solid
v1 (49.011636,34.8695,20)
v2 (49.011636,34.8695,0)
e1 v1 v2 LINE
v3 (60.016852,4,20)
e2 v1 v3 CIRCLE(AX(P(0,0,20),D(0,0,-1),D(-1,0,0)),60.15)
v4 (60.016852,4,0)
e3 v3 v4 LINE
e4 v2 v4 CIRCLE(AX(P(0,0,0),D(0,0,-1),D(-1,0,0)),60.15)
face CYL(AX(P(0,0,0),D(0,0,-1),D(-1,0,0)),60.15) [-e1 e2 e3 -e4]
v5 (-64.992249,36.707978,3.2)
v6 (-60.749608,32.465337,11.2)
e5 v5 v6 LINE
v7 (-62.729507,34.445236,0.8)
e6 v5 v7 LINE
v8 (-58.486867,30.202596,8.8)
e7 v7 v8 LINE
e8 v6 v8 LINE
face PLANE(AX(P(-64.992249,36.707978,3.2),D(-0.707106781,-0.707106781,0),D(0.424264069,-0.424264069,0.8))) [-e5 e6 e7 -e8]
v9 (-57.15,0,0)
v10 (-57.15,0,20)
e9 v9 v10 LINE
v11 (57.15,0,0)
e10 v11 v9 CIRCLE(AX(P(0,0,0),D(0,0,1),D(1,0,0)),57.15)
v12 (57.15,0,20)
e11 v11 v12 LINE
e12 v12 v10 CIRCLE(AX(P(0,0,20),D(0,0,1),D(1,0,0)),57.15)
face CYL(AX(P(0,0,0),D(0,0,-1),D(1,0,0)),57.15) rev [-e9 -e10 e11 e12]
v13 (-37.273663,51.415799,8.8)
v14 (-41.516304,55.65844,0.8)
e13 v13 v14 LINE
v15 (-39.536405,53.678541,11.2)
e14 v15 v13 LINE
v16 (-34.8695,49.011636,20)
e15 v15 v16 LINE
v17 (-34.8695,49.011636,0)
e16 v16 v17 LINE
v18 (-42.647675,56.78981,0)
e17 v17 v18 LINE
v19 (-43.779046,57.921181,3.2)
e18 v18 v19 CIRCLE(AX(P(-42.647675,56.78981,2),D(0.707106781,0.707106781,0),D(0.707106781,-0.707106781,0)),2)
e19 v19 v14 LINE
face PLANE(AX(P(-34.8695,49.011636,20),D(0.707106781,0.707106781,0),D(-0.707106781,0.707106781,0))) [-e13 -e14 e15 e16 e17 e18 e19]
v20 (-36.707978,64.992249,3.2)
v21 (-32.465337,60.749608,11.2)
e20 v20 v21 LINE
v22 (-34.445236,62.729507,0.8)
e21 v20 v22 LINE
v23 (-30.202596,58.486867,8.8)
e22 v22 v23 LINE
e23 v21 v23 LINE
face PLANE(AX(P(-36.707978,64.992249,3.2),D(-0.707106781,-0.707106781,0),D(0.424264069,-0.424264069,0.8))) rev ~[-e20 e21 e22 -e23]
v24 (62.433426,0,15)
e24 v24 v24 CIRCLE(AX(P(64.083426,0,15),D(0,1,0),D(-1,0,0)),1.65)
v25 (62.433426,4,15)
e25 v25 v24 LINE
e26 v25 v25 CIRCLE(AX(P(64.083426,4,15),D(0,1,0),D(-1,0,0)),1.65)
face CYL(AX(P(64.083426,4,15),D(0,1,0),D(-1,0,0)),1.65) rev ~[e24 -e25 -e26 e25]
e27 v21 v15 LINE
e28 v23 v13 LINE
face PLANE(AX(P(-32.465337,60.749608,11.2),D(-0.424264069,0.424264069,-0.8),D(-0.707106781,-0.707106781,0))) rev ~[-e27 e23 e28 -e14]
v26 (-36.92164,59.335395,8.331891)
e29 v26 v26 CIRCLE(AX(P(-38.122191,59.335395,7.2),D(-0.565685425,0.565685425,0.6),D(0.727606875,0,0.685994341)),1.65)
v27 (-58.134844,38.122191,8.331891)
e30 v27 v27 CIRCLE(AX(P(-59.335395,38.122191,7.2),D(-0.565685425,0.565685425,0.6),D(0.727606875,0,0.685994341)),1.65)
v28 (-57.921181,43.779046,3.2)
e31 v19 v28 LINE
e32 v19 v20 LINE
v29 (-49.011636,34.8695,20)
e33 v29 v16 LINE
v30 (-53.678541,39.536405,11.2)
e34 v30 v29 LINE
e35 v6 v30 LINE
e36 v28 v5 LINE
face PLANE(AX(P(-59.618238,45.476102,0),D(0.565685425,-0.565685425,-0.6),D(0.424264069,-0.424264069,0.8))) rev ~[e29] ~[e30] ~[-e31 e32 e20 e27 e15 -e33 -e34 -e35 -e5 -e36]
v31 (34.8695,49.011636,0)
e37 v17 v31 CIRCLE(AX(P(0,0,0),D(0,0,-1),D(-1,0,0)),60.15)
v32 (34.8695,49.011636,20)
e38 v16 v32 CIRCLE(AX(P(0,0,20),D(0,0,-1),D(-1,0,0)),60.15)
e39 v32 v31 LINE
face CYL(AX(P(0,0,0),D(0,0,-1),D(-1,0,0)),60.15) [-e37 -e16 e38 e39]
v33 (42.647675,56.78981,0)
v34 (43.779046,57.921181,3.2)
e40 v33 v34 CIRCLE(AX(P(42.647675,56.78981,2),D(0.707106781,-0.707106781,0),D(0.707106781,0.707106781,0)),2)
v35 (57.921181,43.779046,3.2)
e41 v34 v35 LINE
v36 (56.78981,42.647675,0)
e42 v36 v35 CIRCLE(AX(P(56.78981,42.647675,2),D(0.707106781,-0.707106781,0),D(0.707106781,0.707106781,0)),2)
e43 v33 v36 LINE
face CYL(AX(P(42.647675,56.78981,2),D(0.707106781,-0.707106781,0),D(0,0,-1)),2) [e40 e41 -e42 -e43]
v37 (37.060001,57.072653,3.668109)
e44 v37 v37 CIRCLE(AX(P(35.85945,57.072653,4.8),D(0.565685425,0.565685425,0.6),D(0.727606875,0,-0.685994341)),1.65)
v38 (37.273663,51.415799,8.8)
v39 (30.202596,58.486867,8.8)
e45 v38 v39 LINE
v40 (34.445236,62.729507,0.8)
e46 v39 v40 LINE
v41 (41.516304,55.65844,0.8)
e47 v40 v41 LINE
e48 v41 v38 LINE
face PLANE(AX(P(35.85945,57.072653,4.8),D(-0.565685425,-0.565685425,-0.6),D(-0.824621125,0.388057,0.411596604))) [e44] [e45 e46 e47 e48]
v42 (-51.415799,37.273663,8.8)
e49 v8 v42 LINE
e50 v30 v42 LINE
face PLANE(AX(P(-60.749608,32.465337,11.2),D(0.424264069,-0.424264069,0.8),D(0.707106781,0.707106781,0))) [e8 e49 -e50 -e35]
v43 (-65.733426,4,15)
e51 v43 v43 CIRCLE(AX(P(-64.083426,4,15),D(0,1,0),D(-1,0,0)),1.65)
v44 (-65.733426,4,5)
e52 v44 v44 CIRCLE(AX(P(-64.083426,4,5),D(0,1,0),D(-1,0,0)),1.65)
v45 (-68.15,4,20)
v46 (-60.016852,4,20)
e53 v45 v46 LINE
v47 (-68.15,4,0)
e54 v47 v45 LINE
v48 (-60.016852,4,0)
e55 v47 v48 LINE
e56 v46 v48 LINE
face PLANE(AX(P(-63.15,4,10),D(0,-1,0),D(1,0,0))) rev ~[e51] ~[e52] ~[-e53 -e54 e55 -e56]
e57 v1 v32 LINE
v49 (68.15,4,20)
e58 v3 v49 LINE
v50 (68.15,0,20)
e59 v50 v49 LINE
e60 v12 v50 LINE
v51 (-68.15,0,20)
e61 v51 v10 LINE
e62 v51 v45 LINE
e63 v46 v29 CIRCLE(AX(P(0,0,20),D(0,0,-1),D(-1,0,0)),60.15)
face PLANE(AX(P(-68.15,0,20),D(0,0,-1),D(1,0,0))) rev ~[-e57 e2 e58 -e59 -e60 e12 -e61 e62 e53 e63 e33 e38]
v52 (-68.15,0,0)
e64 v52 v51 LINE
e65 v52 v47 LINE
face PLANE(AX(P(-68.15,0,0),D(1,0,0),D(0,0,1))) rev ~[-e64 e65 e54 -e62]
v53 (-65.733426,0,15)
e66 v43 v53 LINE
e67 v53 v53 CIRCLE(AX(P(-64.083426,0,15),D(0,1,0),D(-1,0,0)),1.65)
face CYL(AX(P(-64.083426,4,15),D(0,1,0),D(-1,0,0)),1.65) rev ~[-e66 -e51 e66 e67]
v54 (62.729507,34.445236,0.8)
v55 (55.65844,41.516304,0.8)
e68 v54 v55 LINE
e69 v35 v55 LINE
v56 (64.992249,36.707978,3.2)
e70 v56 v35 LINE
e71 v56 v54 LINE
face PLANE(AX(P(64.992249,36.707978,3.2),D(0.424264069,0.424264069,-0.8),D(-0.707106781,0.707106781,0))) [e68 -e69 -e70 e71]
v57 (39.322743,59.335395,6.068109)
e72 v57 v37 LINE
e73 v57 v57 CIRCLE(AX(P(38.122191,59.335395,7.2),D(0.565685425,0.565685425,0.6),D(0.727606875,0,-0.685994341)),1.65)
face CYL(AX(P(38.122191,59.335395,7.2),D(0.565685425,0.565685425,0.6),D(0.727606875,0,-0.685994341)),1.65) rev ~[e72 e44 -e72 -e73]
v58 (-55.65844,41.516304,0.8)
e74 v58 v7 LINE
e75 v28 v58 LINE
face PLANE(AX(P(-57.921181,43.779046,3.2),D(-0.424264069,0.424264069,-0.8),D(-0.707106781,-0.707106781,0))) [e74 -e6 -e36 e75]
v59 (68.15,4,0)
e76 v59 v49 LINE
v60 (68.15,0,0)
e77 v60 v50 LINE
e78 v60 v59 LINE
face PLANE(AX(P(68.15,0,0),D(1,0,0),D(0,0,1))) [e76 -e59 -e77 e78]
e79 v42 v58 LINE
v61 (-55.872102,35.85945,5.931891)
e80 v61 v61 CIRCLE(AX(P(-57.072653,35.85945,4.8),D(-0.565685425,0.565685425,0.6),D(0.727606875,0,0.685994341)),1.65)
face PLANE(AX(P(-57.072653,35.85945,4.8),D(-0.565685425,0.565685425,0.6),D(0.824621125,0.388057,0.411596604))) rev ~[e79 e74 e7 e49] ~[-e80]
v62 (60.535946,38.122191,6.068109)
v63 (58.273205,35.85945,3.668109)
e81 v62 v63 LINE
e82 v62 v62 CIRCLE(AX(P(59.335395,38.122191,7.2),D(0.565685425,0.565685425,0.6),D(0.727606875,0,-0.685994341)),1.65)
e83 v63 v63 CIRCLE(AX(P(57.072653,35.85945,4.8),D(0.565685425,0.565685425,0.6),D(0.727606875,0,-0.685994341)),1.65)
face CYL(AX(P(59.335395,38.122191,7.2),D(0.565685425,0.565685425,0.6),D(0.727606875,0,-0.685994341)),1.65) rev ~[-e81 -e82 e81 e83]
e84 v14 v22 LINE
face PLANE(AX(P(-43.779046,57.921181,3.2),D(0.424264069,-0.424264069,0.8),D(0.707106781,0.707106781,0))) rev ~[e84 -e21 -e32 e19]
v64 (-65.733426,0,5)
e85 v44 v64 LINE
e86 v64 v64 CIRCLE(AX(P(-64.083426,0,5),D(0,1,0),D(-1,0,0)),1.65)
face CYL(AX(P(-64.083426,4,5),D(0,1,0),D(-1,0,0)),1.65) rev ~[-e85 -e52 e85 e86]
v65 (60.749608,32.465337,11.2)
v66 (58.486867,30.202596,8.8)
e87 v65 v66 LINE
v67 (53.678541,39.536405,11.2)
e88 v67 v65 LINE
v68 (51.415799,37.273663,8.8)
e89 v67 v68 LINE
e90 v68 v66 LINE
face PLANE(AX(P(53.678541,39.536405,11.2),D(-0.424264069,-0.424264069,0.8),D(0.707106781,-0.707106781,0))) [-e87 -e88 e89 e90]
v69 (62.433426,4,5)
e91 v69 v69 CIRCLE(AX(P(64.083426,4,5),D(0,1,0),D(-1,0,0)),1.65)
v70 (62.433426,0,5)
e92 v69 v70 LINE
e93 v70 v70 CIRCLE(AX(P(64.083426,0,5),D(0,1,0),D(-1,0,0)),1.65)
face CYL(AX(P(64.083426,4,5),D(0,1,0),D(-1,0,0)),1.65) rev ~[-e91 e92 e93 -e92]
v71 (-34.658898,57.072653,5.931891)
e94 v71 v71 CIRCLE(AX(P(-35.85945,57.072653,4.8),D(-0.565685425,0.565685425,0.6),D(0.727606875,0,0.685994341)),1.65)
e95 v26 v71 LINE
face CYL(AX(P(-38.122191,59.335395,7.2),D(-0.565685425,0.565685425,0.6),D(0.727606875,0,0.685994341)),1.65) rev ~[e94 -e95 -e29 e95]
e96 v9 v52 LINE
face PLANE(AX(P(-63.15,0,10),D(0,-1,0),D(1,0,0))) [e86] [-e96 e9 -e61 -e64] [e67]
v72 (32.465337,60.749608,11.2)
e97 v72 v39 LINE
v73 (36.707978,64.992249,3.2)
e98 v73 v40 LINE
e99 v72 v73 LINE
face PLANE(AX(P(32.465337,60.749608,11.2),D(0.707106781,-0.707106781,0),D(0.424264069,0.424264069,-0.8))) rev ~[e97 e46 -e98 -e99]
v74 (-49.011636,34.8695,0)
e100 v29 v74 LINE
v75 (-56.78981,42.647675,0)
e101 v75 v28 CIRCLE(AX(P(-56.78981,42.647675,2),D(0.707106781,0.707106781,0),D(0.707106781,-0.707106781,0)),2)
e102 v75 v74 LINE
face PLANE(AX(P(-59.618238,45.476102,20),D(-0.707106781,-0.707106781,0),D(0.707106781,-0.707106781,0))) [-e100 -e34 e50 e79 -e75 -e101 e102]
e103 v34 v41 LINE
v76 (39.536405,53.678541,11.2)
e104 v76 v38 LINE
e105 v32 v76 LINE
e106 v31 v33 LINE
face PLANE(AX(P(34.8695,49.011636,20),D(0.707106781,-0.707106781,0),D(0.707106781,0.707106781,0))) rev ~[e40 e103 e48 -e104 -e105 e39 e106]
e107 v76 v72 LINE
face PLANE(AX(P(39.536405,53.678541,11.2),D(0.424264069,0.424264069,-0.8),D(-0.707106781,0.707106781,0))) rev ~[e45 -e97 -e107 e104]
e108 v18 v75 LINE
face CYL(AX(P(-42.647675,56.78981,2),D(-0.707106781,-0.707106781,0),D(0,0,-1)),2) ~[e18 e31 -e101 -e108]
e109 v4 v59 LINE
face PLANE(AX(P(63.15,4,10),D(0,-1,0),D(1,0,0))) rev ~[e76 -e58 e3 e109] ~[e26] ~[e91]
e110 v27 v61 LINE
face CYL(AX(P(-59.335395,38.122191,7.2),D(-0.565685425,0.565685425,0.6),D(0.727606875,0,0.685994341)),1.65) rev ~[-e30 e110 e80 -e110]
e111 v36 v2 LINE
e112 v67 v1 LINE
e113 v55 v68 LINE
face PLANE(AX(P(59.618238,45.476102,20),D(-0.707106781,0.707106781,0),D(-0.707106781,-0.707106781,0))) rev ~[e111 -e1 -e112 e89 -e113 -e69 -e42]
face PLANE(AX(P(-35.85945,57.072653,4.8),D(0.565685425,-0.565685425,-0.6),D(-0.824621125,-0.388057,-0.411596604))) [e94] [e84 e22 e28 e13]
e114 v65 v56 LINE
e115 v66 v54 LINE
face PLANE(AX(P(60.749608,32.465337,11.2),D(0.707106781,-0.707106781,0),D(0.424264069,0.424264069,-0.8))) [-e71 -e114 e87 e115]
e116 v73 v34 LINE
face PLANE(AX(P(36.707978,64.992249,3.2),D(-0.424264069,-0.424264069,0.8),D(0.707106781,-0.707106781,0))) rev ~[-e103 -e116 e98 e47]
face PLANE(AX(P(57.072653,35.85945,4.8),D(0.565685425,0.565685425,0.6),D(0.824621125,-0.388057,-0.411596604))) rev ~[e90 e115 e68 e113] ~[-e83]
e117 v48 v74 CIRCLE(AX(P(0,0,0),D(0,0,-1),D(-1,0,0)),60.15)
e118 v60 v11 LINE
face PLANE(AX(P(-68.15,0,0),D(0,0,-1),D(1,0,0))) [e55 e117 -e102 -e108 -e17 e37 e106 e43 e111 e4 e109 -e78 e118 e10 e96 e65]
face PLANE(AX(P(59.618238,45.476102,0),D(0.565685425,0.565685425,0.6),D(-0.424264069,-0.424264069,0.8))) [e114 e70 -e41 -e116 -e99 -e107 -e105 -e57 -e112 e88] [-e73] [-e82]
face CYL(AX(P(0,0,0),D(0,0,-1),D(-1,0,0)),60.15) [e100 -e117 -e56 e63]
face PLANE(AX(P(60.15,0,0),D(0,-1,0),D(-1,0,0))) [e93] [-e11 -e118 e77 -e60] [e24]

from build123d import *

# Parameters (mm, degrees)
EXTRUDE_1_DEPTH     = 20
EXTRUDE_2_DEPTH     = 20
CUT_EXTRUDE_1_REACH = 99.146
CUT_EXTRUDE_2_REACH = 99.146
EXTRUDE_3_DEPTH     = 4
EXTRUDE_4_DEPTH     = 4
CUT_EXTRUDE_3_REACH = 112.135
SKETCH_8_R          = 1.65
FILLET_1_R          = 2
CUT_EXTRUDE_4_REACH = 112.135
SKETCH_9_R          = 1.65
SKETCH_10_W         = 10
SKETCH_10_H         = 20
EXTRUDE_5_DEPTH     = 4
CUT_EXTRUDE_5_REACH = 95.619
SKETCH_11_R         = 1.65


with BuildPart() as part:
    # ｽｹｯﾁ1 → ﾎﾞｽ - 押し出し1 (new body)
    with BuildSketch(Plane.XY):
        with BuildLine():
            Line((-57.15, 0), (-60.15, 0))
            ThreePointArc((-60.15, 0), (0, 60.15), (60.15, 0))
            Line((60.15, 0), (57.15, 0))
            ThreePointArc((57.15, 0), (0, 57.15), (-57.15, 0))
        make_face()
    extrude(amount=EXTRUDE_1_DEPTH)

    # ｽｹｯﾁ3 → ﾎﾞｽ - 押し出し2 (add)
    with BuildSketch(Plane.XY.offset(20)):
        Polygon((-41.94056807, 41.94056807), (-34.869500258, 49.011635881), (-45.476101976, 59.618237599), (-59.618237599, 45.476101976), (-49.011635881, 34.869500258), align=None)
        Polygon((59.618237599, 45.476101976), (49.011635881, 34.869500258), (41.94056807, 41.94056807), (34.869500258, 49.011635881), (45.476101976, 59.618237599), align=None)
    extrude(amount=-EXTRUDE_2_DEPTH)

    # ｽｹｯﾁ4 → ｶｯﾄ - 押し出し1 (cut, up to next)
    with BuildSketch(Plane(origin=(-7.071067812, -7.071067812, 0), x_dir=(0, 0, 1), z_dir=(-0.7071067811865431, -0.7071067811865519, 0)), mode=Mode.PRIVATE) as cut_extrude_1_sk1:
        Polygon((0, 74.312920178), (20, 59.312920178), (20, 74.312920178), align=None)
    cut_extrude_1_tool1 = extrude(cut_extrude_1_sk1.sketch, amount=-CUT_EXTRUDE_1_REACH, mode=Mode.PRIVATE) & part.part
    add(cut_extrude_1_tool1.solids().sort_by_distance((-56.082704, 41.940568, 13.333333))[0], mode=Mode.SUBTRACT)

    # ｽｹｯﾁ5 → ｶｯﾄ - 押し出し2 (cut, up to next)
    with BuildSketch(Plane(origin=(7.071067812, -7.071067812, 0), x_dir=(0, 0, -1), z_dir=(0.7071067811865431, -0.7071067811865519, 0)), mode=Mode.PRIVATE) as cut_extrude_2_sk1:
        Polygon((0, 74.312920178), (-20, 59.312920178), (-20, 74.312920178), align=None)
    cut_extrude_2_tool1 = extrude(cut_extrude_2_sk1.sketch, amount=-CUT_EXTRUDE_2_REACH, mode=Mode.PRIVATE) & part.part
    add(cut_extrude_2_tool1.solids().sort_by_distance((56.082704, 41.940568, 13.333333))[0], mode=Mode.SUBTRACT)

    # ｽｹｯﾁ6 → ﾎﾞｽ - 押し出し3 (add)
    with BuildSketch(Plane(origin=(-33.630188664, 33.630188664, 35.670201685), x_dir=(0.8246211251235299, 0.3880570000581333, 0.41159660434202516), z_dir=(-0.5656854249492413, 0.5656854249492345, 0.6000000000000004))):
        Polygon((-29.457155438, 29.658752748), (-38.032084695, 24.513795193), (-32.887127141, 15.938865936), (-24.312197884, 21.083823491), align=None)
        Polygon((1.412589887, 36.518696153), (-7.16233937, 31.373738599), (-12.307296924, 39.948667856), (-3.732367667, 45.093625411), align=None)
    extrude(amount=-EXTRUDE_3_DEPTH)

    # ｽｹｯﾁ7 → ﾎﾞｽ - 押し出し4 (add)
    with BuildSketch(Plane(origin=(33.630188664, 33.630188664, 35.670201685), x_dir=(0.8246211251235299, -0.38805700005813326, -0.4115966043420252), z_dir=(0.5656854249492413, 0.5656854249492342, 0.6000000000000005))):
        Polygon((12.307296924, 39.948667856), (7.16233937, 31.373738599), (-1.412589887, 36.518696153), (3.732367667, 45.093625411), align=None)
        Polygon((32.887127141, 15.938865936), (38.032084695, 24.513795193), (29.457155438, 29.658752748), (24.312197884, 21.083823491), align=None)
    extrude(amount=-EXTRUDE_4_DEPTH)

    # ｽｹｯﾁ8 → ｶｯﾄ - 押し出し3 (cut, up to next)
    with BuildSketch(Plane(origin=(33.630188664, 33.630188664, 35.670201685), x_dir=(0.8246211251235299, -0.38805700005813326, -0.4115966043420252), z_dir=(0.5656854249492413, 0.5656854249492342, 0.6000000000000005)), mode=Mode.PRIVATE) as cut_extrude_3_sk1:
        with Locations(Location((5.447353518, 38.233682005, 0), (0, 0, 28.072486936))):
            Circle(SKETCH_8_R)
    cut_extrude_3_tool1 = extrude(cut_extrude_3_sk1.sketch, amount=-CUT_EXTRUDE_3_REACH, mode=Mode.PRIVATE) & part.part
    # ｽｹｯﾁ8 → ｶｯﾄ - 押し出し3 (cut, up to next)
    with BuildSketch(Plane(origin=(33.630188664, 33.630188664, 35.670201685), x_dir=(0.8246211251235299, -0.38805700005813326, -0.4115966043420252), z_dir=(0.5656854249492413, 0.5656854249492342, 0.6000000000000005)), mode=Mode.PRIVATE) as cut_extrude_3_sk2:
        with Locations(Location((31.17214129, 22.798809342, 0), (0, 0, 28.072486936))):
            Circle(SKETCH_8_R)
    cut_extrude_3_tool2 = extrude(cut_extrude_3_sk2.sketch, amount=-CUT_EXTRUDE_3_REACH, mode=Mode.PRIVATE) & part.part
    add(cut_extrude_3_tool1.solids().sort_by_distance((38.122191, 59.335395, 7.2))[0], mode=Mode.SUBTRACT)
    add(cut_extrude_3_tool2.solids().sort_by_distance((59.335395, 38.122191, 7.2))[0], mode=Mode.SUBTRACT)

    # ﾌｨﾚｯﾄ1
    fillet_1_edges = [part.edges().sort_by_distance(p)[0] for p in [
        (52.547169787, 52.547169787, 0),
        (-52.547169787, 52.547169787, 0),
    ]]
    fillet(fillet_1_edges, radius=FILLET_1_R)

    # ｽｹｯﾁ9 → ｶｯﾄ - 押し出し4 (cut, up to next)
    with BuildSketch(Plane(origin=(-33.630188664, 33.630188664, 35.670201685), x_dir=(0.8246211251235299, 0.3880570000581333, 0.41159660434202516), z_dir=(-0.5656854249492413, 0.5656854249492345, 0.6000000000000004)), mode=Mode.PRIVATE) as cut_extrude_4_sk1:
        with Locations(Location((-5.447353518, 38.233682005, 0), (0, 0, 331.927513064))):
            Circle(SKETCH_9_R)
    cut_extrude_4_tool1 = extrude(cut_extrude_4_sk1.sketch, amount=-CUT_EXTRUDE_4_REACH, mode=Mode.PRIVATE) & part.part
    # ｽｹｯﾁ9 → ｶｯﾄ - 押し出し4 (cut, up to next)
    with BuildSketch(Plane(origin=(-33.630188664, 33.630188664, 35.670201685), x_dir=(0.8246211251235299, 0.3880570000581333, 0.41159660434202516), z_dir=(-0.5656854249492413, 0.5656854249492345, 0.6000000000000004)), mode=Mode.PRIVATE) as cut_extrude_4_sk2:
        with Locations(Location((-31.17214129, 22.798809342, 0), (0, 0, 331.927513064))):
            Circle(SKETCH_9_R)
    cut_extrude_4_tool2 = extrude(cut_extrude_4_sk2.sketch, amount=-CUT_EXTRUDE_4_REACH, mode=Mode.PRIVATE) & part.part
    add(cut_extrude_4_tool1.solids().sort_by_distance((-38.122191, 59.335395, 7.2))[0], mode=Mode.SUBTRACT)
    add(cut_extrude_4_tool2.solids().sort_by_distance((-59.335395, 38.122191, 7.2))[0], mode=Mode.SUBTRACT)

    # ｽｹｯﾁ10 → ﾎﾞｽ - 押し出し5 (add)
    with BuildSketch(Plane.XZ):
        with Locations((-63.15, 10)):
            Rectangle(SKETCH_10_W, SKETCH_10_H)
        with Locations((63.15, 10)):
            Rectangle(SKETCH_10_W, SKETCH_10_H)
    extrude(amount=-EXTRUDE_5_DEPTH)

    # ｽｹｯﾁ11 → ｶｯﾄ - 押し出し5 (cut, up to next)
    with BuildSketch(Plane(origin=(0, 4, 0), x_dir=(1, 0, 0), z_dir=(0, 1, 0)), mode=Mode.PRIVATE) as cut_extrude_5_sk1:
        with Locations(Location((64.0834259, -5, 0), (0, 0, 180))):
            Circle(SKETCH_11_R)
    cut_extrude_5_tool1 = extrude(cut_extrude_5_sk1.sketch, amount=-CUT_EXTRUDE_5_REACH, mode=Mode.PRIVATE) & part.part
    # ｽｹｯﾁ11 → ｶｯﾄ - 押し出し5 (cut, up to next)
    with BuildSketch(Plane(origin=(0, 4, 0), x_dir=(1, 0, 0), z_dir=(0, 1, 0)), mode=Mode.PRIVATE) as cut_extrude_5_sk2:
        with Locations(Location((64.0834259, -15, 0), (0, 0, 180))):
            Circle(SKETCH_11_R)
    cut_extrude_5_tool2 = extrude(cut_extrude_5_sk2.sketch, amount=-CUT_EXTRUDE_5_REACH, mode=Mode.PRIVATE) & part.part
    # ｽｹｯﾁ11 → ｶｯﾄ - 押し出し5 (cut, up to next)
    with BuildSketch(Plane(origin=(0, 4, 0), x_dir=(1, 0, 0), z_dir=(0, 1, 0)), mode=Mode.PRIVATE) as cut_extrude_5_sk3:
        with Locations(Location((-64.0834259, -15, 0), (0, 0, 180))):
            Circle(SKETCH_11_R)
    cut_extrude_5_tool3 = extrude(cut_extrude_5_sk3.sketch, amount=-CUT_EXTRUDE_5_REACH, mode=Mode.PRIVATE) & part.part
    # ｽｹｯﾁ11 → ｶｯﾄ - 押し出し5 (cut, up to next)
    with BuildSketch(Plane(origin=(0, 4, 0), x_dir=(1, 0, 0), z_dir=(0, 1, 0)), mode=Mode.PRIVATE) as cut_extrude_5_sk4:
        with Locations(Location((-64.0834259, -5, 0), (0, 0, 180))):
            Circle(SKETCH_11_R)
    cut_extrude_5_tool4 = extrude(cut_extrude_5_sk4.sketch, amount=-CUT_EXTRUDE_5_REACH, mode=Mode.PRIVATE) & part.part
    add(cut_extrude_5_tool1.solids().sort_by_distance((64.083426, 4, 5))[0], mode=Mode.SUBTRACT)
    add(cut_extrude_5_tool2.solids().sort_by_distance((64.083426, 4, 15))[0], mode=Mode.SUBTRACT)
    add(cut_extrude_5_tool3.solids().sort_by_distance((-64.083426, 4, 15))[0], mode=Mode.SUBTRACT)
    add(cut_extrude_5_tool4.solids().sort_by_distance((-64.083426, 4, 5))[0], mode=Mode.SUBTRACT)


solid = part.part
